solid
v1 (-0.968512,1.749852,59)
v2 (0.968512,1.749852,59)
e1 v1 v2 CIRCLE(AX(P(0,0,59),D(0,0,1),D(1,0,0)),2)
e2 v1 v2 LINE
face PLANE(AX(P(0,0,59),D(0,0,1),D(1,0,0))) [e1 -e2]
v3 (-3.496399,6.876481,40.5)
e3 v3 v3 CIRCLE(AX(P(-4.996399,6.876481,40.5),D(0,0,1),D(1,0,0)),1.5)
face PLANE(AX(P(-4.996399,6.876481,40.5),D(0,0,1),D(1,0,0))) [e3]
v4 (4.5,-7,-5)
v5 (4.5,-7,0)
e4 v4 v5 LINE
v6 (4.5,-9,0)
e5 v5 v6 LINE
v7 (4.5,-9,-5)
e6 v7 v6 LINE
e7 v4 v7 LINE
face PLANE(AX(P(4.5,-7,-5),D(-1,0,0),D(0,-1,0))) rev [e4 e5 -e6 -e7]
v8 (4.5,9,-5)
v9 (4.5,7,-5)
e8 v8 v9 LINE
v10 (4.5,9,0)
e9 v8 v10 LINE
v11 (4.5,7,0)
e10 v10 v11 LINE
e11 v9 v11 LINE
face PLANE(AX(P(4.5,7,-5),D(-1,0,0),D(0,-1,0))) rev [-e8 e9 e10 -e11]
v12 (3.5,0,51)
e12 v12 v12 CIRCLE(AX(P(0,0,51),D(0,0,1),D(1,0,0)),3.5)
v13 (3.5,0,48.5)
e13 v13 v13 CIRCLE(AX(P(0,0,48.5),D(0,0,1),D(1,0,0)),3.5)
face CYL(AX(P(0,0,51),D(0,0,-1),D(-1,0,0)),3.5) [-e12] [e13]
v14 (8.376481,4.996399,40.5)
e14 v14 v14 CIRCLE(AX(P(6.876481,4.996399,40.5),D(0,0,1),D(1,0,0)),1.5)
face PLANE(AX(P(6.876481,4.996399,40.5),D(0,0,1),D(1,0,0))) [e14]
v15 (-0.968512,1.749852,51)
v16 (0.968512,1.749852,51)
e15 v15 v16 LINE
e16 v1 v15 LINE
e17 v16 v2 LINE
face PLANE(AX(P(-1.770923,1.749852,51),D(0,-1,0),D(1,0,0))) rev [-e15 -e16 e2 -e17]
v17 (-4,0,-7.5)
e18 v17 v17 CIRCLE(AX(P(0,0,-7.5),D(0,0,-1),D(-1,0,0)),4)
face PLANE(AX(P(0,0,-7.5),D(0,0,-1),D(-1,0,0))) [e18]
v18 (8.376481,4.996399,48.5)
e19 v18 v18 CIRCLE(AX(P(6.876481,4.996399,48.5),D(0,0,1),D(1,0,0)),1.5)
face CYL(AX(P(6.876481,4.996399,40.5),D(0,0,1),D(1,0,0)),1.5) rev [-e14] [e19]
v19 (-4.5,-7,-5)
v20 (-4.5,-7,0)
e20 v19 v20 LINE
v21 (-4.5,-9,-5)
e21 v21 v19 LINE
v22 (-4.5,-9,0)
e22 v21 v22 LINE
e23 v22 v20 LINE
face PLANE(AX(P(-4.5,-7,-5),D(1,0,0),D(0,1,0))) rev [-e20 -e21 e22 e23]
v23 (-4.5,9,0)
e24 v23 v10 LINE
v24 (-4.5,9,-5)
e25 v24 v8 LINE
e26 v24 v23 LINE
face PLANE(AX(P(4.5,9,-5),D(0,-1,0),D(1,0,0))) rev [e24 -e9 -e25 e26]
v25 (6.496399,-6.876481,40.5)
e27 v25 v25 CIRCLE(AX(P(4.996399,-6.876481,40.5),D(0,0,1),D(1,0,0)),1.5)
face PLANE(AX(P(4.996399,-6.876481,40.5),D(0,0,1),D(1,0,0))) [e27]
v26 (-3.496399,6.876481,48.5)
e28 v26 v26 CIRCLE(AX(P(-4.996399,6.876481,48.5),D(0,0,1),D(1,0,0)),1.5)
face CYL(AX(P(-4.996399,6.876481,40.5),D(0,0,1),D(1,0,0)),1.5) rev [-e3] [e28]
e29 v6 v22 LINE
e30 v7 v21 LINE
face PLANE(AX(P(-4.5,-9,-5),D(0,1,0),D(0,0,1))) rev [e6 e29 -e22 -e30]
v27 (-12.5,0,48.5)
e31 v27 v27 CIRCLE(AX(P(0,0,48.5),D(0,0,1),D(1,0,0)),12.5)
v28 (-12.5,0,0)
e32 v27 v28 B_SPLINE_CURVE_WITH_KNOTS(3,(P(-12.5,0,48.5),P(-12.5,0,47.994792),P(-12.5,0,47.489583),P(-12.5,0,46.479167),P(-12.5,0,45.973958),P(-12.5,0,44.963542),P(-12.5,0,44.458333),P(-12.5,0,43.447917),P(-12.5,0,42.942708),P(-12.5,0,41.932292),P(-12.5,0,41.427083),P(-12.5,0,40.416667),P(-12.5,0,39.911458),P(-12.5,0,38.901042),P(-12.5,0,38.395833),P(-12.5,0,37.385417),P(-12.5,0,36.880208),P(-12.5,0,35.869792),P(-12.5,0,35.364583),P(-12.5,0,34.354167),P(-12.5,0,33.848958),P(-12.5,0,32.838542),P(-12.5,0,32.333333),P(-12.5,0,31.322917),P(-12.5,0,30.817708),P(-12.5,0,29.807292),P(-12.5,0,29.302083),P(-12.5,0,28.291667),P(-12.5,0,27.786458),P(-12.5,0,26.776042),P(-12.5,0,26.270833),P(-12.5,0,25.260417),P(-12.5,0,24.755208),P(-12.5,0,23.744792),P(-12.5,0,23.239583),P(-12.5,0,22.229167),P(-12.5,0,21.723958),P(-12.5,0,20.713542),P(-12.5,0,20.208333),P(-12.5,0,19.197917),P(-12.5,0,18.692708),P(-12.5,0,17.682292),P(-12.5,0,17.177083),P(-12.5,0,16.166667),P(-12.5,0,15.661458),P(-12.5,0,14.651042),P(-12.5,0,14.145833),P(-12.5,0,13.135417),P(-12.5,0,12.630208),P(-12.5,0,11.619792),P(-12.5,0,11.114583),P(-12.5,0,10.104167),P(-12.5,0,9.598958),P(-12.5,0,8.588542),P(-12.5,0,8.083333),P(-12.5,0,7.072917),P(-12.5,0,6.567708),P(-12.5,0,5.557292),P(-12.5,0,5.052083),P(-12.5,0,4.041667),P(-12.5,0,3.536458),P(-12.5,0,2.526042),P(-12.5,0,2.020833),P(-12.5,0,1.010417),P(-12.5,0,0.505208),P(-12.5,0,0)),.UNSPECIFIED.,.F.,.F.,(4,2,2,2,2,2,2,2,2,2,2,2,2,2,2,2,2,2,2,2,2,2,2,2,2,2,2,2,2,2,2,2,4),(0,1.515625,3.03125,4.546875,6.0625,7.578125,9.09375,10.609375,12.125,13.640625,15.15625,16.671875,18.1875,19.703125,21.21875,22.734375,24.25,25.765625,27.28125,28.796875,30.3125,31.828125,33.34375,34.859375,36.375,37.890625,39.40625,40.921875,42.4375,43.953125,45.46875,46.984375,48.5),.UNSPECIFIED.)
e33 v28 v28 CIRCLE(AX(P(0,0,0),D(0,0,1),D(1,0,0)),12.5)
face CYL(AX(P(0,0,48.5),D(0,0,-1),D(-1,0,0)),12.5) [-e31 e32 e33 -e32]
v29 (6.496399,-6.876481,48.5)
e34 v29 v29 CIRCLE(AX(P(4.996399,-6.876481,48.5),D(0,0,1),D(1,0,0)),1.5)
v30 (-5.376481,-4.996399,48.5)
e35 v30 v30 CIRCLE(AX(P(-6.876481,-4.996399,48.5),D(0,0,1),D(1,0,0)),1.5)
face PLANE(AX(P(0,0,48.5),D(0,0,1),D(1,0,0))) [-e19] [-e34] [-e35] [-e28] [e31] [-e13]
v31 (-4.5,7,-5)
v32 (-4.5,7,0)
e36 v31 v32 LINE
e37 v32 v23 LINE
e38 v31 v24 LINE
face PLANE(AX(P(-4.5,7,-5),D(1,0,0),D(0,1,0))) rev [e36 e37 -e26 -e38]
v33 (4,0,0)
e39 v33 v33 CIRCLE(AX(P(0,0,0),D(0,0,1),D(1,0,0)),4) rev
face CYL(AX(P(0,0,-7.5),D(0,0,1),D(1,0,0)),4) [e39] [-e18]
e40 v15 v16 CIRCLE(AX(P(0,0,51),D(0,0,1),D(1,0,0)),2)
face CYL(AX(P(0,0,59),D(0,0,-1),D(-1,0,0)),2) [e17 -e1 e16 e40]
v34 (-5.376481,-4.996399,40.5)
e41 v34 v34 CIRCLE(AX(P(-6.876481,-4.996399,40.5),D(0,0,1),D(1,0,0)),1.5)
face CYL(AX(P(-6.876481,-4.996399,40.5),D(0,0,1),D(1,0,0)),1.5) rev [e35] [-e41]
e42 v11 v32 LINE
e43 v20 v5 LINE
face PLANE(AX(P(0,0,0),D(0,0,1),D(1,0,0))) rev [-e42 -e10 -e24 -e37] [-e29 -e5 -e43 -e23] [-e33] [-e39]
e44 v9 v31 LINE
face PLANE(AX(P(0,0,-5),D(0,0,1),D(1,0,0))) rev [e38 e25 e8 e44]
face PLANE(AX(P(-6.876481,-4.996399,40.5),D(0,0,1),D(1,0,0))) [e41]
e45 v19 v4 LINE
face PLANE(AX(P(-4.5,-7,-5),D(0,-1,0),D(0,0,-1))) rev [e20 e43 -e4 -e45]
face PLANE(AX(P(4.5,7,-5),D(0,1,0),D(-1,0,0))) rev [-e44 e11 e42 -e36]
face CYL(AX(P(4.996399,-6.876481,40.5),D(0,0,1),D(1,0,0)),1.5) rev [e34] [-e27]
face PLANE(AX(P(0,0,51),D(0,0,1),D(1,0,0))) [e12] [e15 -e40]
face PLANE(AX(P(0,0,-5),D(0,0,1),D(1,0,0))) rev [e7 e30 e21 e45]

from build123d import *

# Parameters (mm, degrees)
SKETCH_1_R          = 12.5
EXTRUDE_1_DEPTH     = 48.5
SKETCH_2_R          = 3.5
EXTRUDE_2_DEPTH     = 2.5
SKETCH_3_R          = 2
EXTRUDE_3_DEPTH     = 8
SKETCH_4_W          = 3.587297211
SKETCH_4_H          = 1.292719716
CUT_EXTRUDE_1_DEPTH = 8
SKETCH_5_R          = 1.5
CUT_EXTRUDE_2_DEPTH = 8
SKETCH_6_R          = 4
EXTRUDE_4_DEPTH     = 7.5
SKETCH_7_W          = 9
SKETCH_7_H          = 2
EXTRUDE_5_DEPTH     = 5


with BuildPart() as part:
    # 草图1 → 凸台-拉伸1 (new body)
    with BuildSketch(Plane.XY):
        with Locations(Location((0, 0, 0), (0, 0, 180))):
            Circle(SKETCH_1_R)
    extrude(amount=EXTRUDE_1_DEPTH)

    # 草图2 → 凸台-拉伸2 (add)
    with BuildSketch(Plane.XY.offset(48.5)):
        Circle(SKETCH_2_R)
    extrude(amount=EXTRUDE_2_DEPTH)

    # 草图3 → 凸台-拉伸3 (add)
    with BuildSketch(Plane.XY.offset(51)):
        Circle(SKETCH_3_R)
    extrude(amount=EXTRUDE_3_DEPTH)

    # 草图4 → 切除-拉伸1 (cut)
    with BuildSketch(Plane.XY.offset(59)):
        with Locations((0.022725356, 2.396212297)):
            Rectangle(SKETCH_4_W, SKETCH_4_H)
    extrude(amount=-CUT_EXTRUDE_1_DEPTH, mode=Mode.SUBTRACT)

    # 草图5 → 切除-拉伸2 (cut)
    with BuildSketch(Plane.XY.offset(48.5)):
        with Locations((4.996399446, -6.876481118)):
            Circle(SKETCH_5_R)
        with Locations((-6.876481118, -4.996399446)):
            Circle(SKETCH_5_R)
        with Locations((-4.996399446, 6.876481118)):
            Circle(SKETCH_5_R)
        with Locations((6.876481118, 4.996399446)):
            Circle(SKETCH_5_R)
    extrude(amount=-CUT_EXTRUDE_2_DEPTH, mode=Mode.SUBTRACT)

    # 草图6 → 凸台-拉伸4 (add)
    with BuildSketch(Plane(origin=(0, 0, 0), x_dir=(-1, 0, 0), z_dir=(0, 0, -1))):
        with Locations(Location((0, 0, 0), (0, 0, 180))):
            Circle(SKETCH_6_R)
    extrude(amount=EXTRUDE_4_DEPTH)

    # 草图7 → 凸台-拉伸5 (add)
    with BuildSketch(Plane(origin=(0, 0, 0), x_dir=(-1, 0, 0), z_dir=(0, 0, -1))):
        with Locations((0, 8)):
            Rectangle(SKETCH_7_W, SKETCH_7_H)
        with Locations((0, -8)):
            Rectangle(SKETCH_7_W, SKETCH_7_H)
    extrude(amount=EXTRUDE_5_DEPTH)


solid = part.part
